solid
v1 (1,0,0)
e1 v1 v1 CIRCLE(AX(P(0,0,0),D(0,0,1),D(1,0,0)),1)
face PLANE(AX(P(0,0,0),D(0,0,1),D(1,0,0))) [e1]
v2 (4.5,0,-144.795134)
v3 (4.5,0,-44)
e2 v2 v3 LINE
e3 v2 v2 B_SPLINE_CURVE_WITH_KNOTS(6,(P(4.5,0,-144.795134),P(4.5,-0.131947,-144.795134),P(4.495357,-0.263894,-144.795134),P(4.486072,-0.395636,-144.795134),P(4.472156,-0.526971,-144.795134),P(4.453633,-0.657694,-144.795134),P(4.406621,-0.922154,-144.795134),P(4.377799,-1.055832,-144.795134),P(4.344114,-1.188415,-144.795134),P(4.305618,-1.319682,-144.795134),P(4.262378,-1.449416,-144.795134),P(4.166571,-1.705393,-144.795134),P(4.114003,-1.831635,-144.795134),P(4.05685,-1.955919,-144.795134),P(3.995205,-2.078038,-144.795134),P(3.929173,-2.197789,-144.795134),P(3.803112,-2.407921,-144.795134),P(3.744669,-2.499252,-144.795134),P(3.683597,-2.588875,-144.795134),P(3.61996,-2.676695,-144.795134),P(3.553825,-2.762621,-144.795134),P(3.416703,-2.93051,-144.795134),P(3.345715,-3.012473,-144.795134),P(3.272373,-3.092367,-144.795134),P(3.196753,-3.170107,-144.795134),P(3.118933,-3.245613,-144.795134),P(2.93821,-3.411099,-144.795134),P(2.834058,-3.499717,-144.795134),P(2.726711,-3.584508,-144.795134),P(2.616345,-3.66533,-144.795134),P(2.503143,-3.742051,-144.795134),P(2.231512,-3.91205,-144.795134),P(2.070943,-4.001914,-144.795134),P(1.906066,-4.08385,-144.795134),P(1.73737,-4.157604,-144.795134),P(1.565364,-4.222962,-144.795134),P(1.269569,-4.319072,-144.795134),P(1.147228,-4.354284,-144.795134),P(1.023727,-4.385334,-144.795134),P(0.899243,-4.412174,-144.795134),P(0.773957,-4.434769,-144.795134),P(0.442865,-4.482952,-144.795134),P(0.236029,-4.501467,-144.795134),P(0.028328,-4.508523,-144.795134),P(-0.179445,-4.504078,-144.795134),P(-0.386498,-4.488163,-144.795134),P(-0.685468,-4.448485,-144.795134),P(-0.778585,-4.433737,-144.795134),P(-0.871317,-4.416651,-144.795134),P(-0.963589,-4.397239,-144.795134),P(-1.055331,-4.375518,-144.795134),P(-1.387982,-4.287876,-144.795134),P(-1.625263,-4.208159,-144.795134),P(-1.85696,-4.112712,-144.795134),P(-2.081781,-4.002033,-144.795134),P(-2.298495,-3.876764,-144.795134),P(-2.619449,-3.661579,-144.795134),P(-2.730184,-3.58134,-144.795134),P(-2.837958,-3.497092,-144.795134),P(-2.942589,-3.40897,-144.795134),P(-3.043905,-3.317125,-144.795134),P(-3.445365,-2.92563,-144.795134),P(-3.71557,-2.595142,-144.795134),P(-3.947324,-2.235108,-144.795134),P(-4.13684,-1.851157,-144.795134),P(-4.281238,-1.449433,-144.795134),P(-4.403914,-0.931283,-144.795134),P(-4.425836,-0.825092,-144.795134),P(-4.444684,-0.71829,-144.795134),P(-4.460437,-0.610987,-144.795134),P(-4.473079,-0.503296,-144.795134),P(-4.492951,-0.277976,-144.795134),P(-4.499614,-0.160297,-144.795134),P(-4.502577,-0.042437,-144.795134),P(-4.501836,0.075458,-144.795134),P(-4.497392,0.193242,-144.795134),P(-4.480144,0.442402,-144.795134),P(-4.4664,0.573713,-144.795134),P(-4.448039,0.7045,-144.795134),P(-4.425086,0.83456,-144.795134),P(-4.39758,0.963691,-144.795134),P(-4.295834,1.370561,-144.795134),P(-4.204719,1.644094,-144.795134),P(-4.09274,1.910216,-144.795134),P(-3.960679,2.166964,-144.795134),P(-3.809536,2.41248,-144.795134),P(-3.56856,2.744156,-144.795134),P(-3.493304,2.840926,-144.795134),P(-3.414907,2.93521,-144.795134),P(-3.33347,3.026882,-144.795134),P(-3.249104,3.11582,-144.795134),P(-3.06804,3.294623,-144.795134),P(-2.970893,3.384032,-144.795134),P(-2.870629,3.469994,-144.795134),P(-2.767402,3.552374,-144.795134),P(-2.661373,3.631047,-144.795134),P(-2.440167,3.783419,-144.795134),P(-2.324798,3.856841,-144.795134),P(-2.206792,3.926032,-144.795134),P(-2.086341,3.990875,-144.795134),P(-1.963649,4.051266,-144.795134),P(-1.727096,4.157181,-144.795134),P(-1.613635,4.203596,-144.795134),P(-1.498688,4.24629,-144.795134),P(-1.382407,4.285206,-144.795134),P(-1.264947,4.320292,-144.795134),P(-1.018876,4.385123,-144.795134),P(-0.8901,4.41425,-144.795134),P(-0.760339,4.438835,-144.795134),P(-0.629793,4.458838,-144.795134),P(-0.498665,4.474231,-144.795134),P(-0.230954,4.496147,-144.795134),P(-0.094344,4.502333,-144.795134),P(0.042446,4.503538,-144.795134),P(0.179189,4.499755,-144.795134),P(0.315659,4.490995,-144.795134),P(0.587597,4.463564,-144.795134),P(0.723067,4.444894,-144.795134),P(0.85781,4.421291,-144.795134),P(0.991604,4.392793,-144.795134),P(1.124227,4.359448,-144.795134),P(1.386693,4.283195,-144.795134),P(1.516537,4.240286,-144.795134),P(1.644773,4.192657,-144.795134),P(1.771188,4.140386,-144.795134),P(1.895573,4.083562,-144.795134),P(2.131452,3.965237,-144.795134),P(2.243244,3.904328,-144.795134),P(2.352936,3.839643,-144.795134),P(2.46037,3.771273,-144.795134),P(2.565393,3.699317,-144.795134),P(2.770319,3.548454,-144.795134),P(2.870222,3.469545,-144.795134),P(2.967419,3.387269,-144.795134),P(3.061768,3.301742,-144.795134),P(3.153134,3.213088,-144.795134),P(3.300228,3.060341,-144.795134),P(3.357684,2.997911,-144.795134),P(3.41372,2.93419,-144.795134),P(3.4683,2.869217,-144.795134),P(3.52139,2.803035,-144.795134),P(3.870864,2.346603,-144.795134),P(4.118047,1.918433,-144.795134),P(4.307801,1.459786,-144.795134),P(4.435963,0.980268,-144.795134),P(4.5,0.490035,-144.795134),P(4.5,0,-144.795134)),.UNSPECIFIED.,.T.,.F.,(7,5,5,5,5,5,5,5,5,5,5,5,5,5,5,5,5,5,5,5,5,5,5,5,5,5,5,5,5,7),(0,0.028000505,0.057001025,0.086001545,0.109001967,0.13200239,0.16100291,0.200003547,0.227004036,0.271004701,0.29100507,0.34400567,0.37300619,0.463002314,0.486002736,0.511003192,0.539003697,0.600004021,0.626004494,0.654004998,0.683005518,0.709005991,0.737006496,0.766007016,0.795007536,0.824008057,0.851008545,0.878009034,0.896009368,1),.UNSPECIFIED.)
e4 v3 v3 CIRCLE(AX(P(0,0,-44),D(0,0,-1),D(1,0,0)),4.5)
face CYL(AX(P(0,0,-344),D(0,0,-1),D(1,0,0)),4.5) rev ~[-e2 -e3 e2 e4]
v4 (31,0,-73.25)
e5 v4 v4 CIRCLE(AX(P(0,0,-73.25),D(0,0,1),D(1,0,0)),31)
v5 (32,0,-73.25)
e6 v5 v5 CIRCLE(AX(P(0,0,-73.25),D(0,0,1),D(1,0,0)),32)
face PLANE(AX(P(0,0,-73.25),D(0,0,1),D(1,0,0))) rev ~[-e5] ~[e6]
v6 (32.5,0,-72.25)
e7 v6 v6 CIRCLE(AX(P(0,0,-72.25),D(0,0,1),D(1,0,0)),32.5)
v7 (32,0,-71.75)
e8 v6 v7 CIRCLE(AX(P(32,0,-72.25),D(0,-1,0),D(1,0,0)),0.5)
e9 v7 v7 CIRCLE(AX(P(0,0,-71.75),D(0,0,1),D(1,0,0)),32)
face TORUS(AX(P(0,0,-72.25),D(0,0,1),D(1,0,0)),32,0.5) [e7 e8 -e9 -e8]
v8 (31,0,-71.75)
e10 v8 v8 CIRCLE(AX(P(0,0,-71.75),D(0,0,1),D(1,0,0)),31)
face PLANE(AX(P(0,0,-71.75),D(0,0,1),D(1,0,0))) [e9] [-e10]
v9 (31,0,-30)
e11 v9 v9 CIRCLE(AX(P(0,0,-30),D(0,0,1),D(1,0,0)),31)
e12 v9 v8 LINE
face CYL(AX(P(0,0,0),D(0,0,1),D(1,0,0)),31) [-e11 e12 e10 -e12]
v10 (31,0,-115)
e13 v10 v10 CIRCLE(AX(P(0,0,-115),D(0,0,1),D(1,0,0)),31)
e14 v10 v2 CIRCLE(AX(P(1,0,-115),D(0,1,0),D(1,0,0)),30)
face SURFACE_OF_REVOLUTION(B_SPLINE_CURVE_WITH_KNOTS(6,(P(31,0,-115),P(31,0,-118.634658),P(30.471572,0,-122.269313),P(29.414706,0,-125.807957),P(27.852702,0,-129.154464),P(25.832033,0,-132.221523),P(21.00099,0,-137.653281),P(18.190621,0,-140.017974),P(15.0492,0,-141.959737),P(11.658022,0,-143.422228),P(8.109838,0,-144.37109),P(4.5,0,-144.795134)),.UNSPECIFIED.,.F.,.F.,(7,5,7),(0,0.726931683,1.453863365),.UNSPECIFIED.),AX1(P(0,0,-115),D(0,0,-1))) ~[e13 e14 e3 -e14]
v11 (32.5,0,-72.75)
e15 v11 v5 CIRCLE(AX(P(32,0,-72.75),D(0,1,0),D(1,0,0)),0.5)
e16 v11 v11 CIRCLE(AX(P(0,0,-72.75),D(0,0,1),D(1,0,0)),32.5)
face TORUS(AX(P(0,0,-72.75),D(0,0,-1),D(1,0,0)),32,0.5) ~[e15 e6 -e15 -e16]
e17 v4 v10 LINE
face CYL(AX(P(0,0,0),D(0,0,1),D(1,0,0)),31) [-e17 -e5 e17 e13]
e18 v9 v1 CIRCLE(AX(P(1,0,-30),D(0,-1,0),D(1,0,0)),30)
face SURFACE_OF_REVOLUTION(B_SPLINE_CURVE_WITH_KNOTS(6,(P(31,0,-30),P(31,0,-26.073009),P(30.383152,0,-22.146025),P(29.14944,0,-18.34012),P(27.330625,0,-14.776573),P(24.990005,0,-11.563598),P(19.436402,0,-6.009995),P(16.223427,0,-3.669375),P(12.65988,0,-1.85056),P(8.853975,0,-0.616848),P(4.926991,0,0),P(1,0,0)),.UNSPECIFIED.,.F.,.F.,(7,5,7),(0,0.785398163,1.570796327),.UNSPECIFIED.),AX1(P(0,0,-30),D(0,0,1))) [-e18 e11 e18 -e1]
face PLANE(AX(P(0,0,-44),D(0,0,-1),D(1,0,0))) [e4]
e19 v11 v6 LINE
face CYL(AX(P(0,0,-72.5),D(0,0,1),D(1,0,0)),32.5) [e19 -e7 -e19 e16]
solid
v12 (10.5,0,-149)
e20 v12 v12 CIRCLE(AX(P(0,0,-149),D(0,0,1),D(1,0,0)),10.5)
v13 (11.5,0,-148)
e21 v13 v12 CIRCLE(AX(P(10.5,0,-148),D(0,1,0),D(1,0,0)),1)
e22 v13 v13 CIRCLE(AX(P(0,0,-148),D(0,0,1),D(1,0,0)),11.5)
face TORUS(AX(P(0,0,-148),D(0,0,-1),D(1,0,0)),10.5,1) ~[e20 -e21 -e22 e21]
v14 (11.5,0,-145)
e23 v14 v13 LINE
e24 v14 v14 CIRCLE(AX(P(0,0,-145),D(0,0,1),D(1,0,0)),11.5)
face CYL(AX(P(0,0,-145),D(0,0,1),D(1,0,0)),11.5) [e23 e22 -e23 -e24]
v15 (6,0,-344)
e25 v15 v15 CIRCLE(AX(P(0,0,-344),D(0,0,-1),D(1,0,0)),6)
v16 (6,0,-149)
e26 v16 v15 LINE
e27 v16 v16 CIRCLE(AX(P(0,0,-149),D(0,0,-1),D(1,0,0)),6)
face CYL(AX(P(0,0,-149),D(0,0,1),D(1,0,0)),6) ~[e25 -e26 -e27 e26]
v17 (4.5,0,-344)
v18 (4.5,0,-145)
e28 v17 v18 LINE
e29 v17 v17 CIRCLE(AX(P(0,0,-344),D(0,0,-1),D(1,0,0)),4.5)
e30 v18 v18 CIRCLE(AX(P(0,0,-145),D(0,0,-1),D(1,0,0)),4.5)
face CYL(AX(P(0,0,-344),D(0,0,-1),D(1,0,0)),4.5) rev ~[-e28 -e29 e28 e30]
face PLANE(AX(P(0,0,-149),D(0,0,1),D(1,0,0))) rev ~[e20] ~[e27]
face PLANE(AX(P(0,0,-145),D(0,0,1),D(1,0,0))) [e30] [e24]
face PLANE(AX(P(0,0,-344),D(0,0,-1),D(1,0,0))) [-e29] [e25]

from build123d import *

# Parameters (mm, degrees)
F0_R      = 31
F1_DEPTH  = 145
F2_R      = 30
F3_R      = 30
F5_R      = 32.5
F6_DEPTH  = 0.75
F7_R      = 0.5
F9_R      = 11.5
F10_DEPTH = 4
F11_R     = 1
F12_R     = 6
F13_DEPTH = 195
F14_R     = 4.5
F15_DEPTH = 300


with BuildPart() as f1:
    # F0 (on Top) → F1 (new body)
    with BuildSketch(Plane.XY):
        Circle(F0_R)
    extrude(amount=-F1_DEPTH)

    # F2
    f2_edges = [f1.edges().sort_by_distance(p)[0] for p in [
        (-31, 0, 0),
    ]]
    fillet(f2_edges, radius=F2_R)

    # F3
    f3_edges = [f1.edges().sort_by_distance(p)[0] for p in [
        (-31, 0, -145),
    ]]
    fillet(f3_edges, radius=F3_R)

    # F5 (on offset) → F6 (join, symmetric)
    with BuildSketch(Plane.XY.offset(-72.5)):
        Circle(F5_R)
    extrude(amount=F6_DEPTH, both=True)

    # F7
    f7_edges = [f1.edges().sort_by_distance(p)[0] for p in [
        (-32.5, 0, -71.75),
        (-32.5, 0, -73.25),
    ]]
    fillet(f7_edges, radius=F7_R)

    # F9 (on offset) → F10 (join)
    with BuildSketch(Plane.XY.offset(-145)):
        Circle(F9_R)
    extrude(amount=-F10_DEPTH)

    # F11
    f11_edges = [f1.edges().sort_by_distance(p)[0] for p in [
        (-11.5, 0, -149),
    ]]
    fillet(f11_edges, radius=F11_R)

    # F12 (on face) → F13 (join)
    with BuildSketch(Plane(origin=(0, 0, -149), x_dir=(1, 0, 0), z_dir=(0, 0, -1))):
        Circle(F12_R)
    extrude(amount=F13_DEPTH)

    # F14 (on face) → F15 (cut)
    with BuildSketch(Plane(origin=(0, 0, -344), x_dir=(1, 0, 0), z_dir=(0, 0, -1))):
        Circle(F14_R)
    extrude(amount=-F15_DEPTH, mode=Mode.SUBTRACT)


solid = f1.part
